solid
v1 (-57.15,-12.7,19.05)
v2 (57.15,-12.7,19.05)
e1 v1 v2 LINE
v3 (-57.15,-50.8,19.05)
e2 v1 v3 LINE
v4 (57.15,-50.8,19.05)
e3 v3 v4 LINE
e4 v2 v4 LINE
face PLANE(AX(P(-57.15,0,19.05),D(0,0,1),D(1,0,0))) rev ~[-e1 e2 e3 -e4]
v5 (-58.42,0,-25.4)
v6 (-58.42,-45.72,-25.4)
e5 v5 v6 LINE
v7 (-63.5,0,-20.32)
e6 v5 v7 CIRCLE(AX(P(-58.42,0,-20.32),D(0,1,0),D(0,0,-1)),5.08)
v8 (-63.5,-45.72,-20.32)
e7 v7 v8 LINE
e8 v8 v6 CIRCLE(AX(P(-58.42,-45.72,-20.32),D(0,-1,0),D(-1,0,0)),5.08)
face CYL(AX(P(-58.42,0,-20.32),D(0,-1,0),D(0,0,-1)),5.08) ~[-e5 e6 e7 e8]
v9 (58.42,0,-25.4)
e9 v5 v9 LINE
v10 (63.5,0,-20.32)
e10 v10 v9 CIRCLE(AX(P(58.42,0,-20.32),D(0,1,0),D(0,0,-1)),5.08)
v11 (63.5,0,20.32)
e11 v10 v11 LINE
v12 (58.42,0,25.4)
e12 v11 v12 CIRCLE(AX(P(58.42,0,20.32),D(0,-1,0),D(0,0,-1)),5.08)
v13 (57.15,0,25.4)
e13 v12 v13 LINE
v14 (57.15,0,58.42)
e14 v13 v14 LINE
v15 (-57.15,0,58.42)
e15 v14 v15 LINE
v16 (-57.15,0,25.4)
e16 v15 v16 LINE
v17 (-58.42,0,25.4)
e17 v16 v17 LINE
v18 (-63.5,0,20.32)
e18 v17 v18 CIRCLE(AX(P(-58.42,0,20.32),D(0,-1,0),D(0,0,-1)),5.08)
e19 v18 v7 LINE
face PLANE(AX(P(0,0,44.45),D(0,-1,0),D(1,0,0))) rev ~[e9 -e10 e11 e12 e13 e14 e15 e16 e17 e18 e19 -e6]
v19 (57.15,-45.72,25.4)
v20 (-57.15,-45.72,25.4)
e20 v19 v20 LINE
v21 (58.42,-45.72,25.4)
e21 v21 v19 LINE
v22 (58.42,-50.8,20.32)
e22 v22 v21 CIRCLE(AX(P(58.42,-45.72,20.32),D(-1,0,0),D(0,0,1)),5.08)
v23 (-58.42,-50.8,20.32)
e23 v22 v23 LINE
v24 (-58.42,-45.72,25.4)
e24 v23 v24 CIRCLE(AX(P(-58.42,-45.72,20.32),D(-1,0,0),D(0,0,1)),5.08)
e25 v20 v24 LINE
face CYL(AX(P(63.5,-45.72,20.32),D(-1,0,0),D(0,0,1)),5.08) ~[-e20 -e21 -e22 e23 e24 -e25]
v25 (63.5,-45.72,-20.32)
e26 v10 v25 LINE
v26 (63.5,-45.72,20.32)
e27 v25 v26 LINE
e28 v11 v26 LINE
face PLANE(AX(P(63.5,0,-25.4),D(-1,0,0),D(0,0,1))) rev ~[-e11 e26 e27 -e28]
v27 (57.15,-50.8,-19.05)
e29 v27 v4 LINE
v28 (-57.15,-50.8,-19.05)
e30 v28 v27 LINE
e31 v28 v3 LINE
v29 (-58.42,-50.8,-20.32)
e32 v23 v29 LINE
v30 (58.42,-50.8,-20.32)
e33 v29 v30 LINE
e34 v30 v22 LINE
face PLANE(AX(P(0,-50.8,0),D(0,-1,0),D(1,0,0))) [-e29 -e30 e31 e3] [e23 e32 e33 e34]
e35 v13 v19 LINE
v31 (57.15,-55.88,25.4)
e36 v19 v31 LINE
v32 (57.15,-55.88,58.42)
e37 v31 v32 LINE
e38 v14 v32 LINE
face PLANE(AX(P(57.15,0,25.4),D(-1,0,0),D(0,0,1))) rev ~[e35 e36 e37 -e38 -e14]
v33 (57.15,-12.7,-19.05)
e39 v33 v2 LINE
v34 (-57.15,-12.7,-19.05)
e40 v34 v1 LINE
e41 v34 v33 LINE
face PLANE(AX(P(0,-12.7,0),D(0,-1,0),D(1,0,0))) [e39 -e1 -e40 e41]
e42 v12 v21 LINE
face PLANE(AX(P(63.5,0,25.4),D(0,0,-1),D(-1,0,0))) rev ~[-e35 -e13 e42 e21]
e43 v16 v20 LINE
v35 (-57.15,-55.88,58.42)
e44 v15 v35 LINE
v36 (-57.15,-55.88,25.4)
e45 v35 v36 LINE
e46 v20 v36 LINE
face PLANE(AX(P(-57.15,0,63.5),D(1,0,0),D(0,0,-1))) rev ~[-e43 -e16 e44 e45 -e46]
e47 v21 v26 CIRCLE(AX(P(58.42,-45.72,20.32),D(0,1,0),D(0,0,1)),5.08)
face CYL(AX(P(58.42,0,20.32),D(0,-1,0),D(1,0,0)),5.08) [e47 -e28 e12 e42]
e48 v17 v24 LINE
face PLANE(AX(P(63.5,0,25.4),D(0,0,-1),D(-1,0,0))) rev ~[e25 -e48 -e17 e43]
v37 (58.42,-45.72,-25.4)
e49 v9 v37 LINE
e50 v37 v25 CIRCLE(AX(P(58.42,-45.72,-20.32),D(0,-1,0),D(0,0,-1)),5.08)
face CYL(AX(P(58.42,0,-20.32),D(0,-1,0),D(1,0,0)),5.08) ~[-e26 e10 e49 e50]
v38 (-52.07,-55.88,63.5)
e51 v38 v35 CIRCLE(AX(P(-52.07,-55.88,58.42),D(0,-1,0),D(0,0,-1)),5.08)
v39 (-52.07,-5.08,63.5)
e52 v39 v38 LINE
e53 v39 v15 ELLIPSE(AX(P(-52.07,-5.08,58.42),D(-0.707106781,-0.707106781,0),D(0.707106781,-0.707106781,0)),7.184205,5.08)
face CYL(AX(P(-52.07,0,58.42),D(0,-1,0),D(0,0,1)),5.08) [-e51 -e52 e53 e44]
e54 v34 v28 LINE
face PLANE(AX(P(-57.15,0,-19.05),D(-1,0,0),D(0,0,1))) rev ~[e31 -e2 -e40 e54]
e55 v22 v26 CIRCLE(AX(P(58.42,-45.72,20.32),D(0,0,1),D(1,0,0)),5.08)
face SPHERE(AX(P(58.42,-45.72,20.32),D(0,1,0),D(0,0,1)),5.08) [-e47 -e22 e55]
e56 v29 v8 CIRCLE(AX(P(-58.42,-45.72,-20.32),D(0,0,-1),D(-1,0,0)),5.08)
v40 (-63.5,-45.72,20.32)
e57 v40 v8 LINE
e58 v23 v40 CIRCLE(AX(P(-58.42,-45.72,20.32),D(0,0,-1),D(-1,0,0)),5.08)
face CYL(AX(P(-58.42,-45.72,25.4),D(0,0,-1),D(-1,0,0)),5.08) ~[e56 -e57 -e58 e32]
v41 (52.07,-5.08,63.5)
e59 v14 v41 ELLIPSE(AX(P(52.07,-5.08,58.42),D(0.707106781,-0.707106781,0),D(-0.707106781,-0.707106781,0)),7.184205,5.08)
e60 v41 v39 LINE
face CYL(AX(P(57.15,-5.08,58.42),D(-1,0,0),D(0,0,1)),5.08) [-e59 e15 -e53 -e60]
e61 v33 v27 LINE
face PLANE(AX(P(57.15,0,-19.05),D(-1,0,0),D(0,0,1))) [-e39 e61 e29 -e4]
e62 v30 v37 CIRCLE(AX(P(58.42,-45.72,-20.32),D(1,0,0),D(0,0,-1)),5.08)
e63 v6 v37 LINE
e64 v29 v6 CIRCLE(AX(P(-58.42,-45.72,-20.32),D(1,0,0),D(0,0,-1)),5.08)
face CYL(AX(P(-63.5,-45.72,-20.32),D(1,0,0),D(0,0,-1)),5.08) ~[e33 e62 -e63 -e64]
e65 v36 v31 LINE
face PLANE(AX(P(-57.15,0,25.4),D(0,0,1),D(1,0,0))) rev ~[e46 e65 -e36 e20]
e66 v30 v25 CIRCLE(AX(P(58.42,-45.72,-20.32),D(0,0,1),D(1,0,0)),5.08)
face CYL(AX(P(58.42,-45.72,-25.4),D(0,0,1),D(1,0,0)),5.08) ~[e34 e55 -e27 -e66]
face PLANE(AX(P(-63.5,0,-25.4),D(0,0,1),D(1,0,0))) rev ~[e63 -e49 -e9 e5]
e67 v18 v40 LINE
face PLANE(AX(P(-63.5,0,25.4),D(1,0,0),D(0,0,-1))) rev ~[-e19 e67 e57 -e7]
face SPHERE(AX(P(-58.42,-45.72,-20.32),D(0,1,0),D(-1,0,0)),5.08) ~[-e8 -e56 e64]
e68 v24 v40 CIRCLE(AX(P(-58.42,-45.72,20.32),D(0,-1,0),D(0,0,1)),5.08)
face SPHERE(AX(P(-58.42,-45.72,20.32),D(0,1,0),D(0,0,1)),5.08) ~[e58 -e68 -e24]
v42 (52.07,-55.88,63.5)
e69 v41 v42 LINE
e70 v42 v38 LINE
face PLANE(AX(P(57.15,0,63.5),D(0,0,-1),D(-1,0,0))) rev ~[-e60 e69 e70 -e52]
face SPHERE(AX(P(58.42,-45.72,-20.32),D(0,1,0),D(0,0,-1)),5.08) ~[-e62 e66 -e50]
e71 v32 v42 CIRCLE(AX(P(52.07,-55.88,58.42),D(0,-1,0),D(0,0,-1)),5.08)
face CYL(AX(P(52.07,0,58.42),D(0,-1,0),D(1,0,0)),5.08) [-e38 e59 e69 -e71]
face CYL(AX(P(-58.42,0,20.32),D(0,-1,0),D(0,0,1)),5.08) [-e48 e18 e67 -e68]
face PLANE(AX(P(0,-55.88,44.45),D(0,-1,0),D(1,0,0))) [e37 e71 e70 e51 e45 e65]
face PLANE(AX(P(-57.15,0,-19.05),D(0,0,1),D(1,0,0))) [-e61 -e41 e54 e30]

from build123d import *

# Parameters (mm, degrees)
F0_W     = 114.3
F0_H     = 38.1
F1_DEPTH = 50.8
F2_DEPTH = 12.7
F3_R     = 5.08
F4_DEPTH = 55.88
F5_R     = 5.08


with BuildPart() as f1:
    # F0 (on Front) → F1 (new body)
    with BuildSketch(Plane.XZ):
        Polygon((63.5, -25.4), (63.5, 25.4), (57.15, 25.4), (0, 25.4), (-57.15, 25.4), (-63.5, 25.4), (-63.5, -25.4), align=None)
        Rectangle(F0_W, F0_H, mode=Mode.SUBTRACT)
    extrude(amount=F1_DEPTH)

    # F0 (on Front) → F2 (join)
    with BuildSketch(Plane.XZ):
        Rectangle(F0_W, F0_H)
    extrude(amount=F2_DEPTH)

    # F3
    f3_edges = [f1.edges().sort_by_distance(p)[0] for p in [
        (-63.5, -25.4, 25.4),
        (-63.5, -25.4, -25.4),
        (63.5, -25.4, -25.4),
        (63.5, -25.4, 25.4),
        (0, -50.8, 25.4),
        (-63.5, -50.8, 0),
        (0, -50.8, -25.4),
        (63.5, -50.8, 0),
    ]]
    fillet(f3_edges, radius=F3_R)

    # F0 (on Front) → F4 (join)
    with BuildSketch(Plane.XZ):
        Polygon((0, 25.4), (57.15, 25.4), (57.15, 63.5), (-57.15, 63.5), (-57.15, 25.4), align=None)
    extrude(amount=F4_DEPTH)

    # F5
    f5_edges = [f1.edges().sort_by_distance(p)[0] for p in [
        (-57.15, -27.94, 63.5),
        (57.15, -27.94, 63.5),
        (0, 0, 63.5),
    ]]
    fillet(f5_edges, radius=F5_R)


solid = f1.part
